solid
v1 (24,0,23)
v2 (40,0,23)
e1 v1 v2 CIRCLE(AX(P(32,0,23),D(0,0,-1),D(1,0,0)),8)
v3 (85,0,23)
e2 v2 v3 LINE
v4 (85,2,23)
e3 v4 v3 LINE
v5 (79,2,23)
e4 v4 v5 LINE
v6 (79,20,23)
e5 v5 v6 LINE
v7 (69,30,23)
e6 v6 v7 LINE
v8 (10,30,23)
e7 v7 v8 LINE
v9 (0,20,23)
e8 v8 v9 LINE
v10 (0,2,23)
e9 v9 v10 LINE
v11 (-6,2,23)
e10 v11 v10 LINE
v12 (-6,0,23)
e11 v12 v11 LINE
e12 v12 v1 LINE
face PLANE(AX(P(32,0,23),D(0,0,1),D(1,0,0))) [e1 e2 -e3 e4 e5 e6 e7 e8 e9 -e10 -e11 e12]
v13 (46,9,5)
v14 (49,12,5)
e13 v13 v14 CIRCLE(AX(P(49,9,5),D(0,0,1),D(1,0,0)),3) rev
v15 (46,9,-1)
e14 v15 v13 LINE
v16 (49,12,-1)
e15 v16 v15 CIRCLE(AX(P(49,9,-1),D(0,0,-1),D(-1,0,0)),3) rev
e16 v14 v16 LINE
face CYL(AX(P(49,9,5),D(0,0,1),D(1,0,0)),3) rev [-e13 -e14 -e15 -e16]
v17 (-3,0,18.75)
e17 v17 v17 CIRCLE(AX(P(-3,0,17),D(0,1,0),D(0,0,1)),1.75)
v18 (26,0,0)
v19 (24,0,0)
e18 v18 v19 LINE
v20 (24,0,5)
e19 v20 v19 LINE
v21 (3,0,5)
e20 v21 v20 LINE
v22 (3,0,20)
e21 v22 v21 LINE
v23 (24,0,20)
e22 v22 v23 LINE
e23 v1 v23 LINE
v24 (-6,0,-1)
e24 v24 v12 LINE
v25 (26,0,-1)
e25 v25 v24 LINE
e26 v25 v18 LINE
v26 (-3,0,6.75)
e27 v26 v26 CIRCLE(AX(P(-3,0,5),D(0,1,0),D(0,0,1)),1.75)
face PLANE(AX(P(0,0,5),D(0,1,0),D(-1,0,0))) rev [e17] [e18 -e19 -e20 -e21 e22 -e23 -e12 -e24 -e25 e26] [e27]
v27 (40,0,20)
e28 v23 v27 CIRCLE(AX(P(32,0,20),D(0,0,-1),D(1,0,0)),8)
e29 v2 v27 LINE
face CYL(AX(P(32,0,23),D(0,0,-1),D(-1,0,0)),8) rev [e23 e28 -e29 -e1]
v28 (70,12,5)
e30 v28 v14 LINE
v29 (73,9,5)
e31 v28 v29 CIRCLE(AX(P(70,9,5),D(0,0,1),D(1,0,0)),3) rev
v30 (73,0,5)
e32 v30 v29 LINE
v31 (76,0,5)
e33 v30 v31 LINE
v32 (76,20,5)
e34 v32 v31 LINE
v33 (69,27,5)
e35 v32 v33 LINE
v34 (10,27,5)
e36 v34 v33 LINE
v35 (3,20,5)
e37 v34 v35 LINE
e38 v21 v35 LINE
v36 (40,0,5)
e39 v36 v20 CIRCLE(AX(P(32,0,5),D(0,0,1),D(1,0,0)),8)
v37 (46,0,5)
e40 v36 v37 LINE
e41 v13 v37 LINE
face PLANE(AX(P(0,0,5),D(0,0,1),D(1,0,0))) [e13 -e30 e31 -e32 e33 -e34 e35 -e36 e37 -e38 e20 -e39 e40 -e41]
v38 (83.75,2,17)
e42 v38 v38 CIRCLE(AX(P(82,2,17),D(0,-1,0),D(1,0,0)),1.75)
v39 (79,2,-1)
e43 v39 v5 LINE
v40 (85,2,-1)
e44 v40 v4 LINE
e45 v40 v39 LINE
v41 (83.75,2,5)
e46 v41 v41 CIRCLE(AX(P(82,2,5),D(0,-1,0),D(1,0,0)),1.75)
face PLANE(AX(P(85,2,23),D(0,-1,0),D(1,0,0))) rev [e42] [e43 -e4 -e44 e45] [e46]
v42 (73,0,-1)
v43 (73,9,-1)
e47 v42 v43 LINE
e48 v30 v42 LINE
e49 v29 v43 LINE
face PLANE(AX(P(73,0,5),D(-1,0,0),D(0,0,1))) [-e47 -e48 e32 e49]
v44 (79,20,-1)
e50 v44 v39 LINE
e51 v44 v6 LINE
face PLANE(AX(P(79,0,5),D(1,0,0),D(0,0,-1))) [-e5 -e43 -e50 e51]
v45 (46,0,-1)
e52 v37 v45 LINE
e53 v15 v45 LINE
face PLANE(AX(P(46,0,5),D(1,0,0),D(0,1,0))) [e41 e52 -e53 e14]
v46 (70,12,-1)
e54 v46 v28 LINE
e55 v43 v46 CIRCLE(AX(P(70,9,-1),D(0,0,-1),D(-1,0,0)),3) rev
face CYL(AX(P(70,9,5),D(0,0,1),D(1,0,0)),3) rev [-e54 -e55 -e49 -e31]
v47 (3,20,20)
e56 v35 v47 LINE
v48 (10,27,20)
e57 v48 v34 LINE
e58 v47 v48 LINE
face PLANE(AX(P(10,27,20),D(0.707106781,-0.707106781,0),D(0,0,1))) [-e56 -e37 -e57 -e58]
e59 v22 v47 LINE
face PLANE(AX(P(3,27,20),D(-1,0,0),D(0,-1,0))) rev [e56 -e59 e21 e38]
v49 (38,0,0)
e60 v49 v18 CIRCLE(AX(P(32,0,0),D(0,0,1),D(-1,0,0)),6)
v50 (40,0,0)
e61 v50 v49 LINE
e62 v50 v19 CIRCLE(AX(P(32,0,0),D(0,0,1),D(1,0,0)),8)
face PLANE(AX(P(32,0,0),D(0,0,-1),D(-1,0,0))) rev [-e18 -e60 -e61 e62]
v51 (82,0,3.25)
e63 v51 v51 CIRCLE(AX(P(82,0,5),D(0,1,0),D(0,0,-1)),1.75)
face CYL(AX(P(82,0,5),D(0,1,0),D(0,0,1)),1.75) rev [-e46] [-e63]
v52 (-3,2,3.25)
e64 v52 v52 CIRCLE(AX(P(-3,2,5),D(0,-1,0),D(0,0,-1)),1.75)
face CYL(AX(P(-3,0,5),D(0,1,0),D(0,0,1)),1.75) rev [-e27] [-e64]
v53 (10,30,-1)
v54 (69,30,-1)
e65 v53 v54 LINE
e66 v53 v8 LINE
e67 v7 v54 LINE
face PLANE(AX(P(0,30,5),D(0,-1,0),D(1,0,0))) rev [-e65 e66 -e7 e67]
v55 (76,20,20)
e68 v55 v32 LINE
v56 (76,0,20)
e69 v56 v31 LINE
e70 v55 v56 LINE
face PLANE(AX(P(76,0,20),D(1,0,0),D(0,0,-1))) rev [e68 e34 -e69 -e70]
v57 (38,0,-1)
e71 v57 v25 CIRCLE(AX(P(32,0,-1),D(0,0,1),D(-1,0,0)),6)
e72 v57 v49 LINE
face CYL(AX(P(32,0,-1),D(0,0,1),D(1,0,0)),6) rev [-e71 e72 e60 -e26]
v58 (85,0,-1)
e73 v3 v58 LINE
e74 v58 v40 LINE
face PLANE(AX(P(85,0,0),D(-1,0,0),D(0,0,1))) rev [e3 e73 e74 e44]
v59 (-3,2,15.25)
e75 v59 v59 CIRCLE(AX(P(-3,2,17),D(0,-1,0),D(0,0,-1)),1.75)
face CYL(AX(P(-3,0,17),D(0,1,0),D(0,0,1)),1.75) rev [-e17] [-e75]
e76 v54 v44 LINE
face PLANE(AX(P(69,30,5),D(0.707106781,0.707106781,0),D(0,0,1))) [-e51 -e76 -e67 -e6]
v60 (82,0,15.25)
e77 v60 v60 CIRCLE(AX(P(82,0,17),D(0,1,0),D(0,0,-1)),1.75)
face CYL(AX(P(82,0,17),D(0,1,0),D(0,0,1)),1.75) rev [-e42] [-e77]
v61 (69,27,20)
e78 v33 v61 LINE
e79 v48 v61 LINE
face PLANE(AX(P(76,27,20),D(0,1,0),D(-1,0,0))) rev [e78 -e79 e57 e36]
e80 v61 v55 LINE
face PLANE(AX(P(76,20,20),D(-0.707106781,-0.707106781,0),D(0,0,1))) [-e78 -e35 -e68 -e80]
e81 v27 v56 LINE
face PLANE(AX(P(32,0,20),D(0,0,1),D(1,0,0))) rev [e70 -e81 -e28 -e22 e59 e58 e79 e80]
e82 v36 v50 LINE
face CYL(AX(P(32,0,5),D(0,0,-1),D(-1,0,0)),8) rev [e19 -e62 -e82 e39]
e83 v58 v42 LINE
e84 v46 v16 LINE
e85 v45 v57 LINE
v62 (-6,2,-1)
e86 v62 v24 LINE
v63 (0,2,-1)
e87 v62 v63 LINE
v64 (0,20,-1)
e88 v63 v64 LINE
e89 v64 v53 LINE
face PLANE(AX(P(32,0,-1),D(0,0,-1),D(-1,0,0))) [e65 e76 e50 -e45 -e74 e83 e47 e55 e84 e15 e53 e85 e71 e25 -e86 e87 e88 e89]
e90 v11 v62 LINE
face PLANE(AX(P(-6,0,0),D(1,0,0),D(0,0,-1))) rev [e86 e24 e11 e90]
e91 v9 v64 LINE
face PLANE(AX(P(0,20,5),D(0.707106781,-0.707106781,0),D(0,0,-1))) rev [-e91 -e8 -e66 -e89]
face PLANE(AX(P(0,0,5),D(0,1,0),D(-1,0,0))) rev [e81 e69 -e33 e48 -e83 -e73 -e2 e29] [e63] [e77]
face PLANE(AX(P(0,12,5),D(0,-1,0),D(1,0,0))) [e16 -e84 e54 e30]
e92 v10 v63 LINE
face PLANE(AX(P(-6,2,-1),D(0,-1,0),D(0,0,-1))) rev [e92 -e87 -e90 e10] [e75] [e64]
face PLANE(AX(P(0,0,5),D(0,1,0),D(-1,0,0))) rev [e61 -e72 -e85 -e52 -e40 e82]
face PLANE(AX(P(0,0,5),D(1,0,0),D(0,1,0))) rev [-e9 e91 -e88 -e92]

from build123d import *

# Parameters (mm, degrees)
SALIENTE_EXTRUIR1_DEPTH    = 5
SALIENTE_EXTRUIR4_DEPTH    = 15
SALIENTE_EXTRUIR6_DEPTH    = 3
SALIENTE_EXTRUIR10_DEPTH   = 1
CROQUIS8_W                 = 24
CROQUIS8_H                 = 2
SALIENTE_EXTRUIR8_DEPTH    = 6
CROQUIS18_W                = 24
CROQUIS18_H                = 2
SALIENTE_EXTRUIR14_DEPTH   = 6
CROQUIS12_R                = 1.75
CORTAR_EXTRUIR1_DEPTH      = 29
CORTAR_EXTRUIR1_DEPTH_BACK = 3
CHAFL_N4_SIZE              = 7
CHAFL_N5_SIZE              = 10
REDONDEO1_R                = 3


with BuildPart() as part:
    # Croquis1 → Saliente-Extruir1 (new body)
    with BuildSketch(Plane.XY):
        with BuildLine():
            Line((0, 0), (24, 0))
            ThreePointArc((24, 0), (32, 8), (40, 0))
            Line((40, 0), (46, 0))
            Line((46, 0), (46, 12))
            Line((46, 12), (73, 12))
            Line((73, 12), (73, 0))
            Line((73, 0), (79, 0))
            Line((79, 0), (79, 30))
            Line((79, 30), (0, 30))
            Line((0, 30), (0, 0))
        make_face()
    extrude(amount=SALIENTE_EXTRUIR1_DEPTH)

    # Croquis4 → Saliente-Extruir4 (add)
    with BuildSketch(Plane.XY.offset(5)):
        Polygon((0, 30), (0, 0), (3, 0), (3, 27), (76, 27), (76, 0), (79, 0), (79, 30), align=None)
    extrude(amount=SALIENTE_EXTRUIR4_DEPTH)

    # Croquis6 → Saliente-Extruir6 (add)
    with BuildSketch(Plane.XY.offset(20)):
        with BuildLine():
            Line((0, 0), (0, 30))
            Line((0, 30), (79, 30))
            Line((79, 30), (79, 0))
            Line((79, 0), (40, 0))
            ThreePointArc((40, 0), (32, 8), (24, 0))
            Line((24, 0), (0, 0))
        make_face()
    extrude(amount=SALIENTE_EXTRUIR6_DEPTH)

    # Croquis13 → Saliente-Extruir10 (add)
    with BuildSketch(Plane(origin=(0, 0, 0), x_dir=(-1, 0, 0), z_dir=(0, 0, -1))):
        with BuildLine():
            Line((-79, 30), (-79, 0))
            Line((-79, 0), (-73, 0))
            Line((-73, 0), (-73, 12))
            Line((-73, 12), (-46, 12))
            Line((-46, 12), (-46, 0))
            Line((-46, 0), (-40, 0))
            Line((-40, 0), (-38, 0))
            ThreePointArc((-38, 0), (-32, 6), (-26, 0))
            Line((-26, 0), (0, 0))
            Line((0, 0), (0, 30))
            Line((0, 30), (-79, 30))
        make_face()
    extrude(amount=SALIENTE_EXTRUIR10_DEPTH)

    # Croquis8 → Saliente-Extruir8 (add)
    with BuildSketch(Plane(origin=(79, 0, 0), x_dir=(0, 0, -1), z_dir=(1, 0, 0))):
        with Locations((-11, 1)):
            Rectangle(CROQUIS8_W, CROQUIS8_H)
    extrude(amount=SALIENTE_EXTRUIR8_DEPTH)

    # Croquis18 → Saliente-Extruir14 (add)
    with BuildSketch(Plane.ZY):
        with Locations((11, 1)):
            Rectangle(CROQUIS18_W, CROQUIS18_H)
    extrude(amount=SALIENTE_EXTRUIR14_DEPTH)

    # Croquis12 → Cortar-Extruir1 (cut, two sides)
    with BuildSketch(Plane(origin=(0, 2, 0), x_dir=(1, 0, 0), z_dir=(0, 1, 0))) as cortar_extruir1_sk:
        with Locations((-3, -5)):
            Circle(CROQUIS12_R)
        with Locations((-3, -17)):
            Circle(CROQUIS12_R)
        with Locations((82, -17)):
            Circle(CROQUIS12_R)
        with Locations((82, -5)):
            Circle(CROQUIS12_R)
    extrude(amount=CORTAR_EXTRUIR1_DEPTH, mode=Mode.SUBTRACT)
    extrude(cortar_extruir1_sk.sketch, amount=-CORTAR_EXTRUIR1_DEPTH_BACK, mode=Mode.SUBTRACT)

    # Chaflán4
    chafl_n4_edges = [part.edges().sort_by_distance(p)[0] for p in [
        (3, 27, 12.5),
        (76, 27, 12.5),
    ]]
    chamfer(chafl_n4_edges, length=CHAFL_N4_SIZE)

    # Chaflán5
    chafl_n5_edges = [part.edges().sort_by_distance(p)[0] for p in [
        (0, 30, 11),
        (79, 30, 11),
    ]]
    chamfer(chafl_n5_edges, length=CHAFL_N5_SIZE)

    # Redondeo1
    redondeo1_edges = [part.edges().sort_by_distance(p)[0] for p in [
        (73, 12, 2),
        (46, 12, 2),
    ]]
    fillet(redondeo1_edges, radius=REDONDEO1_R)


solid = part.part
